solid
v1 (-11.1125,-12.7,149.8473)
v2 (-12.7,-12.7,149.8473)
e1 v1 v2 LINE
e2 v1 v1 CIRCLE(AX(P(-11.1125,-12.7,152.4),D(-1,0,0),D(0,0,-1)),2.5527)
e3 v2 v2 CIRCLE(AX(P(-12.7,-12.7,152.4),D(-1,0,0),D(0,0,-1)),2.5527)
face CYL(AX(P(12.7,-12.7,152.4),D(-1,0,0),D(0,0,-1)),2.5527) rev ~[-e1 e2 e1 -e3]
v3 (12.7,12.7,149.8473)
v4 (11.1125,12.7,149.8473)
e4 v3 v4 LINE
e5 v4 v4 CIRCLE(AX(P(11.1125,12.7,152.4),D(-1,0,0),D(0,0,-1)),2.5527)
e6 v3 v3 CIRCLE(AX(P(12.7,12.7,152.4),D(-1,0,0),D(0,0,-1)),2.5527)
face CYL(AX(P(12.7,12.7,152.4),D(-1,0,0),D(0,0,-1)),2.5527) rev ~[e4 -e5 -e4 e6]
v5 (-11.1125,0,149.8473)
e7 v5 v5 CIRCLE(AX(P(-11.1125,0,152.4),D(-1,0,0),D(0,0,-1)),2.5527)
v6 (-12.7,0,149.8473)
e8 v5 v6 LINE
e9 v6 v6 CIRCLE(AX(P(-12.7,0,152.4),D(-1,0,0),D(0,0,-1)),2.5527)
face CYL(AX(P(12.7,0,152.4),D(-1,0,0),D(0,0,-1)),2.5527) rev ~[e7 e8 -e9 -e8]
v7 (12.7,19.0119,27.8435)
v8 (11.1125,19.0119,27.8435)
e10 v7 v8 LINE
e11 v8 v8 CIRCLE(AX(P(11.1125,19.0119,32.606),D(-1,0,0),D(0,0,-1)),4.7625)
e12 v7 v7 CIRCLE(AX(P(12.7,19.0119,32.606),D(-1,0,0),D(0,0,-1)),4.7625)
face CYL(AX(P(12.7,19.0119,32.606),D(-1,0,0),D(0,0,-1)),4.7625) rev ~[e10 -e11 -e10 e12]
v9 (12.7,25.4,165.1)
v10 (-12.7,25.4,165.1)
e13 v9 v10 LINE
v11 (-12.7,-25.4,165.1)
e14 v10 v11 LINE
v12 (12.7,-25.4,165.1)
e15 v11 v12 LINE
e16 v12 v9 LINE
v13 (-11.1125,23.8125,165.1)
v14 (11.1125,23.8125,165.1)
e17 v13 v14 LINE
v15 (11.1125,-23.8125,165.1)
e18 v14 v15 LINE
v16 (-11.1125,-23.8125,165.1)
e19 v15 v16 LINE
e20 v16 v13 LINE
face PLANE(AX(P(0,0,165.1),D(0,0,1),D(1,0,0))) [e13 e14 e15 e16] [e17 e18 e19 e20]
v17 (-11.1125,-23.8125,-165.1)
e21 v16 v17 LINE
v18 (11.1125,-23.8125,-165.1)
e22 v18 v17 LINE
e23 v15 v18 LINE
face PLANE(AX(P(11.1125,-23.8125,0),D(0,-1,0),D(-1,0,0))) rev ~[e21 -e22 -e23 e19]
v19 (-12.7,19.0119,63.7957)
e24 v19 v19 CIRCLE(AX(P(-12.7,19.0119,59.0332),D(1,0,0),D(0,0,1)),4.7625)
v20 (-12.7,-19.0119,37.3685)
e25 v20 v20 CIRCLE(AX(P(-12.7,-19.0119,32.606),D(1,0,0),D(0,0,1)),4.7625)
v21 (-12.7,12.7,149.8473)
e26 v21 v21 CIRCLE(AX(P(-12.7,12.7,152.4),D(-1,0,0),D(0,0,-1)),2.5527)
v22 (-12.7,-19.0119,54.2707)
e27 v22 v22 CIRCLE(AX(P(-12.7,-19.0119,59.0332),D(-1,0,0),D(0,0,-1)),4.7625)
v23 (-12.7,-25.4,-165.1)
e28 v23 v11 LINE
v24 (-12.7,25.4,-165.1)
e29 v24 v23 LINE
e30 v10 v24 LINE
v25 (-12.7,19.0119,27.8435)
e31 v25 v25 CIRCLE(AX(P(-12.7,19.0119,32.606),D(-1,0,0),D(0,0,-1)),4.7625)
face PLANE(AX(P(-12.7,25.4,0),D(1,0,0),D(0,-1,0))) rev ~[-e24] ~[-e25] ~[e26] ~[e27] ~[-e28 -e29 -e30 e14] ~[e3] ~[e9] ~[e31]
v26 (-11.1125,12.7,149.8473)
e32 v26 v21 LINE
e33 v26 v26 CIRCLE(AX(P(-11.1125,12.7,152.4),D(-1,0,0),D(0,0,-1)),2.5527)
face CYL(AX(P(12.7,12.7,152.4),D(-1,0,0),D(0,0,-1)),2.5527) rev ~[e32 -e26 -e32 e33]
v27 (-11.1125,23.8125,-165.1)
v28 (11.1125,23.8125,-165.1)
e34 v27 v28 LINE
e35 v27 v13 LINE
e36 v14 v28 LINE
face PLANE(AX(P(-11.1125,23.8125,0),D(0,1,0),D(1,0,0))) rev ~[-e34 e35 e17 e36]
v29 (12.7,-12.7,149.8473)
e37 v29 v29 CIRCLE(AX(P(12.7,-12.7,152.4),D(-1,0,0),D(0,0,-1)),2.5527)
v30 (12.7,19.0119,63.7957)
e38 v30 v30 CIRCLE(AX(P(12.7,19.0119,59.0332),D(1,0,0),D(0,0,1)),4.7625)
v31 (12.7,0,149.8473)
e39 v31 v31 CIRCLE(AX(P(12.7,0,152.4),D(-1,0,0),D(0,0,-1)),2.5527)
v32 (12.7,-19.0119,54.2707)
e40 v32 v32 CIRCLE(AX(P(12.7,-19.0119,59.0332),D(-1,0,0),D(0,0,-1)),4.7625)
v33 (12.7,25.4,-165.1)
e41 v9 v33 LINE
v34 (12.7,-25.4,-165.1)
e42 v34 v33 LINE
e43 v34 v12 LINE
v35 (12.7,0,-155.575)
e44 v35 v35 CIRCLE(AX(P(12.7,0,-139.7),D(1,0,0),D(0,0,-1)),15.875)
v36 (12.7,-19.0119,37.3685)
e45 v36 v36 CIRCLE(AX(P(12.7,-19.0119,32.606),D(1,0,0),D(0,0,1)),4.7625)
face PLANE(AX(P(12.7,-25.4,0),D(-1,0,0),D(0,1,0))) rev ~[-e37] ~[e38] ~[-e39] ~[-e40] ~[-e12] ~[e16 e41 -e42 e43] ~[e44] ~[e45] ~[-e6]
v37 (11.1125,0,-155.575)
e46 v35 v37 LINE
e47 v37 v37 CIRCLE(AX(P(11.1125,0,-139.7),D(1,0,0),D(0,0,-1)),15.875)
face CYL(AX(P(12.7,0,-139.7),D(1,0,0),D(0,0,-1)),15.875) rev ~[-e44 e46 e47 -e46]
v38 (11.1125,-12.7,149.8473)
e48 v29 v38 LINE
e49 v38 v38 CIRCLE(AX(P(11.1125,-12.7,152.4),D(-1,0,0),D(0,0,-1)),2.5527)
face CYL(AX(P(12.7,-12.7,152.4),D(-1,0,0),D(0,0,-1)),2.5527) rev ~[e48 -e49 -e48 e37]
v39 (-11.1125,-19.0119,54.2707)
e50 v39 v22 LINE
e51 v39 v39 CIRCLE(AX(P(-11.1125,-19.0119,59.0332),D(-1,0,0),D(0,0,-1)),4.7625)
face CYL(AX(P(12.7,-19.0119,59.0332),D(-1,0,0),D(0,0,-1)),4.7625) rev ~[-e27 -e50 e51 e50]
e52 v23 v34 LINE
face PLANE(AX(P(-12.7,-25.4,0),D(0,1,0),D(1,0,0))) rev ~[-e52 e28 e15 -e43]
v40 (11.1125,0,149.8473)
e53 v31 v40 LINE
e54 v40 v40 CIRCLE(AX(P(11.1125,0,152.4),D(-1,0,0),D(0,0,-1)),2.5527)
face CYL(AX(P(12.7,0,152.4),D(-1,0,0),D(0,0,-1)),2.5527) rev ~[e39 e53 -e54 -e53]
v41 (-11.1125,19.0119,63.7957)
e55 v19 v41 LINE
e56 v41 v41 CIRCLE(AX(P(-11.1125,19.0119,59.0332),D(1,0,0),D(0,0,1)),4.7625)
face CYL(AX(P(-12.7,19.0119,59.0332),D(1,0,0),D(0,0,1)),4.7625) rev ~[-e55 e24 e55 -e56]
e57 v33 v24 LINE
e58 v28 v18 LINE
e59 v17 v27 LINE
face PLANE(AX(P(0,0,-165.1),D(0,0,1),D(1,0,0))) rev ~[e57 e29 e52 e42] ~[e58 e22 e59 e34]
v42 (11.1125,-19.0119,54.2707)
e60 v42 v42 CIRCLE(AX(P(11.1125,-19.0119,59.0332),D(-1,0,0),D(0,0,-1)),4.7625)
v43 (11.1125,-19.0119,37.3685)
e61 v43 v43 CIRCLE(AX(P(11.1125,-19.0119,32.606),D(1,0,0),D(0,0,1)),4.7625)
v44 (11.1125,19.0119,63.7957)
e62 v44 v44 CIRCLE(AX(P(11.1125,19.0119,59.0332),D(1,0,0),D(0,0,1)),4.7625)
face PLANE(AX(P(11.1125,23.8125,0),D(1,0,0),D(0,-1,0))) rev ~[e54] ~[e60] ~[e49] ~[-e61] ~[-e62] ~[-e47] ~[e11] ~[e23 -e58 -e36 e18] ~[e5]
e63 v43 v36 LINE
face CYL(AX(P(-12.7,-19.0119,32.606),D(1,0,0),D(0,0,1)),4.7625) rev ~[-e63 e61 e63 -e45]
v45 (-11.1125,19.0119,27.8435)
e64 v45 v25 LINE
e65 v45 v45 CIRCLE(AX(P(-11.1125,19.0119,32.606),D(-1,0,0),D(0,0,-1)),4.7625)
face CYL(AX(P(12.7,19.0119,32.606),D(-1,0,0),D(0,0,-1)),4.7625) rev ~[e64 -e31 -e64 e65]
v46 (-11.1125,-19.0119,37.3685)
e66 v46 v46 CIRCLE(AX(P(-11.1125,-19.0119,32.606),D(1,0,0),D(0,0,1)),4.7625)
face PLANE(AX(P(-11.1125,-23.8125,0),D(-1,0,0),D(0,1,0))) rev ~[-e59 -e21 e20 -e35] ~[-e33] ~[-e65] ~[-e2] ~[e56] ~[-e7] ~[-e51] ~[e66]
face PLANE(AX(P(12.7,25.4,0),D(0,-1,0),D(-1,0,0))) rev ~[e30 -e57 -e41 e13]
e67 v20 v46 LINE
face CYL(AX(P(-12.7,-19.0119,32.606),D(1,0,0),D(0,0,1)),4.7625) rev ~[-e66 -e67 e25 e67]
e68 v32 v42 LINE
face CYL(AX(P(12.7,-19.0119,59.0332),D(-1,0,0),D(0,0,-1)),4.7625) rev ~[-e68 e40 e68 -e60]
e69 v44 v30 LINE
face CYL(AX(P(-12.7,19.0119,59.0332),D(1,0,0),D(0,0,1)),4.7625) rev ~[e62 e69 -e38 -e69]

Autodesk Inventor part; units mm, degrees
ref_plane "YZ Plane" through (0, 0, 0) normal (1, 0, 0) x (0, 1, 0)
ref_plane "XZ Plane" through (0, 0, 0) normal (0, 1, 0) x (-1, 0, 0)
ref_plane "XY Plane" through (0, 0, 0) normal (0, 0, 1) x (1, 0, 0)
sketch "Sketch1" plane through (0, 0, 0) normal (0, 0, 1) x (1, 0, 0)
  line L0 (-12.7, -25.4) -> (12.7, -25.4)
  line L1 (12.7, -25.4) -> (12.7, 25.4)
  line L2 (12.7, 25.4) -> (-12.7, 25.4)
  line L3 (-12.7, 25.4) -> (-12.7, -25.4)
  line L4 (-12.7, -25.4) -> (12.7, 25.4) construction
  line L5 (12.7, -25.4) -> (-12.7, 25.4) construction
  line L6 (-11.1125, 23.8125) -> (11.1125, 23.8125)
  line L7 (11.1125, 23.8125) -> (11.1125, -23.8125)
  line L8 (11.1125, -23.8125) -> (-11.1125, -23.8125)
  line L9 (-11.1125, -23.8125) -> (-11.1125, 23.8125)
  point P0 (0, 0)
  dimension "width" = 25.4
  dimension "height" = 50.8
  dimension "thickness" = 1.5875
extrude "Extrusion1" add sketch "Sketch1" along normal mid plane 330.2
sketch "Sketch3" plane through (12.7, -25.4, -165.1) normal (1, 0, 0) x (0, 0, -1)
  circle A0 centre (-25.4, 25.4) radius 15.875
  line L0 (0, 50.8) -> (0, 0) projected
  point P0 (-165.1, 25.4)
  dimension "d8" = 31.75
  dimension "d9" = 25.4
extrude "Extrusion3" cut sketch "Sketch3" against normal up to surface (1.5875 mm away)
sketch "Sketch4" plane through (12.7, -25.4, 165.1) normal (1, 0, 0) x (0, 0, -1)
  circle A0 centre (304.8, 25.4) radius 15.875 construction
  line L0 (330.2, 50.8) -> (330.2, 0) construction
  line L1 (330.2, 0) -> (0, 0) construction
  line L2 (0, 0) -> (0, 50.8) construction
  line L3 (0, 50.8) -> (330.2, 50.8) construction
  point P0 (165.1, 25.4)
  point P1 (12.7, 25.4)
  point P2 (12.7, 12.7)
  point P3 (12.7, 38.1)
  point P4 (0, 25.4)
  dimension "d12" = 12.7
  dimension "d13" = 12.7
  dimension "d14" = 12.7
hole "Hole1" at (12.7, 0, 152.4) at (12.7, -12.7, 152.4) at (12.7, 12.7, 152.4) direction (-1, 0, 0) diameter 5.1054 end through all clearance for "Flat Head Machine Screw (82)" size "#10" standard "Ansi Unified Screw Threads"
sketch "Sketch6" plane through (-12.7, -25.4, 165.1) normal (-1, 0, 0) x (0, 0, 1)
  line L0 (-330.2, 0) -> (0, 0) construction
  line L1 (0, 0) -> (-152.4, 0) construction
  circle A0 centre (-12.7, 12.7) radius 2.5527 construction
  circle A1 centre (-12.7, 25.4) radius 2.5527 construction
  circle A2 centre (-12.7, 38.1) radius 2.5527 construction
  line L2 (-330.2, 0) -> (-330.2, 50.8) construction
  line L3 (-330.2, 50.8) -> (0, 50.8) construction
  line L4 (0, 50.8) -> (0, 0) construction
  line L5 (0, 0) -> (-330.2, 0) construction
  circle A3 centre (-12.7, 12.7) radius 2.5527 construction
  circle A4 centre (-12.7, 25.4) radius 2.5527 construction
  circle A5 centre (-12.7, 38.1) radius 2.5527 construction
  line L6 (-330.2, 0) -> (-330.2, 50.8) construction
  line L7 (-330.2, 50.8) -> (0, 50.8) construction
  line L8 (0, 50.8) -> (0, 0) construction
  line L9 (0, 0) -> (-330.2, 0) construction
  line L10 (-152.4, 0) -> (-50.8, 146.1832) construction
  line L11 (0, 0) -> (0, 203.2) construction
  line L12 (0, 203.2) -> (-50.8, 203.2) construction
  line L13 (-50.8, 203.2) -> (-50.8, 146.1832) construction
  circle A6 centre (-106.0668, 44.4119) radius 4.8006 construction
  circle A7 centre (-132.494, 6.3881) radius 4.8006 construction
  line L14 (-106.0668, 44.4119) -> (-132.494, 6.3881) construction
  circle A8 centre (-12.7, 12.7) radius 2.5527 construction
  circle A9 centre (-12.7, 25.4) radius 2.5527 construction
  circle A10 centre (-12.7, 38.1) radius 2.5527 construction
  line L15 (-330.2, 0) -> (-330.2, 50.8) construction
  line L16 (-330.2, 50.8) -> (0, 50.8) construction
  line L17 (0, 50.8) -> (0, 0) construction
  line L18 (0, 0) -> (-330.2, 0) construction
  line L19 (0, 1.5875) -> (-330.2, 1.5875) construction
  line L20 (-330.2, 49.2125) -> (0, 49.2125) construction
  point P0 (-165.1, 25.4)
  dimension "d35" = 152.4
  dimension "d36" = 55.2
  dimension "d37" = 203.2
  dimension "d38" = 50.8
  dimension "d39" = 9.6012
  dimension "d40" = 12.7
hole "Hole3" at (-12.7, 19.0119, 59.0332) at (-12.7, -19.0119, 32.606) direction (1, 0, 0) diameter 9.525 end through all
sketch "Sketch7" plane through (12.7, -25.4, 165.1) normal (1, 0, 0) x (0, 0, -1)
  circle A0 centre (106.0668, 44.4119) radius 4.7625 construction
  circle A1 centre (132.494, 6.3881) radius 4.7625 construction
  circle A2 centre (12.7, 12.7) radius 2.5527 construction
  circle A3 centre (12.7, 25.4) radius 2.5527 construction
  circle A4 centre (12.7, 38.1) radius 2.5527 construction
  circle A5 centre (304.8, 25.4) radius 15.875 construction
  line L0 (330.2, 50.8) -> (0, 50.8) construction
  line L1 (0, 0) -> (0, 50.8) construction
  line L2 (330.2, 0) -> (0, 0) construction
  line L3 (330.2, 50.8) -> (330.2, 0) construction
  line L4 (0, 1.5875) -> (330.2, 1.5875) construction
  line L5 (0, 49.2125) -> (330.2, 49.2125) construction
  line L6 (0, 50.8) -> (152.4, 50.8) construction
  line L7 (330.2, 50.8) -> (0, 50.8) construction
  line L8 (0, 50.8) -> (0, -152.4) construction
  line L9 (0, -152.4) -> (50.8, -152.4) construction
  line L10 (50.8, -152.4) -> (50.8, -95.3832) construction
  line L11 (152.4, 50.8) -> (50.8, -95.3832) construction
  circle A6 centre (132.494, 44.4119) radius 4.8006 construction
  circle A7 centre (106.0668, 6.3881) radius 4.8006 construction
  line L12 (106.0668, 6.3881) -> (132.494, 44.4119) construction
  point P0 (165.1, 25.4)
  dimension "d48" = 152.4
  dimension "d49" = 203.2
  dimension "d50" = 50.8
  dimension "d51" = 55.2
  dimension "d52" = 9.6012
  dimension "d53" = 12.7
hole "Hole4" at (12.7, -19.0119, 59.0332) at (12.7, 19.0119, 32.606) direction (-1, 0, 0) diameter 9.525 end through all
equation "\"d14\" = d13"
properties part number "CL3-003" material "Aluminum 6061"
